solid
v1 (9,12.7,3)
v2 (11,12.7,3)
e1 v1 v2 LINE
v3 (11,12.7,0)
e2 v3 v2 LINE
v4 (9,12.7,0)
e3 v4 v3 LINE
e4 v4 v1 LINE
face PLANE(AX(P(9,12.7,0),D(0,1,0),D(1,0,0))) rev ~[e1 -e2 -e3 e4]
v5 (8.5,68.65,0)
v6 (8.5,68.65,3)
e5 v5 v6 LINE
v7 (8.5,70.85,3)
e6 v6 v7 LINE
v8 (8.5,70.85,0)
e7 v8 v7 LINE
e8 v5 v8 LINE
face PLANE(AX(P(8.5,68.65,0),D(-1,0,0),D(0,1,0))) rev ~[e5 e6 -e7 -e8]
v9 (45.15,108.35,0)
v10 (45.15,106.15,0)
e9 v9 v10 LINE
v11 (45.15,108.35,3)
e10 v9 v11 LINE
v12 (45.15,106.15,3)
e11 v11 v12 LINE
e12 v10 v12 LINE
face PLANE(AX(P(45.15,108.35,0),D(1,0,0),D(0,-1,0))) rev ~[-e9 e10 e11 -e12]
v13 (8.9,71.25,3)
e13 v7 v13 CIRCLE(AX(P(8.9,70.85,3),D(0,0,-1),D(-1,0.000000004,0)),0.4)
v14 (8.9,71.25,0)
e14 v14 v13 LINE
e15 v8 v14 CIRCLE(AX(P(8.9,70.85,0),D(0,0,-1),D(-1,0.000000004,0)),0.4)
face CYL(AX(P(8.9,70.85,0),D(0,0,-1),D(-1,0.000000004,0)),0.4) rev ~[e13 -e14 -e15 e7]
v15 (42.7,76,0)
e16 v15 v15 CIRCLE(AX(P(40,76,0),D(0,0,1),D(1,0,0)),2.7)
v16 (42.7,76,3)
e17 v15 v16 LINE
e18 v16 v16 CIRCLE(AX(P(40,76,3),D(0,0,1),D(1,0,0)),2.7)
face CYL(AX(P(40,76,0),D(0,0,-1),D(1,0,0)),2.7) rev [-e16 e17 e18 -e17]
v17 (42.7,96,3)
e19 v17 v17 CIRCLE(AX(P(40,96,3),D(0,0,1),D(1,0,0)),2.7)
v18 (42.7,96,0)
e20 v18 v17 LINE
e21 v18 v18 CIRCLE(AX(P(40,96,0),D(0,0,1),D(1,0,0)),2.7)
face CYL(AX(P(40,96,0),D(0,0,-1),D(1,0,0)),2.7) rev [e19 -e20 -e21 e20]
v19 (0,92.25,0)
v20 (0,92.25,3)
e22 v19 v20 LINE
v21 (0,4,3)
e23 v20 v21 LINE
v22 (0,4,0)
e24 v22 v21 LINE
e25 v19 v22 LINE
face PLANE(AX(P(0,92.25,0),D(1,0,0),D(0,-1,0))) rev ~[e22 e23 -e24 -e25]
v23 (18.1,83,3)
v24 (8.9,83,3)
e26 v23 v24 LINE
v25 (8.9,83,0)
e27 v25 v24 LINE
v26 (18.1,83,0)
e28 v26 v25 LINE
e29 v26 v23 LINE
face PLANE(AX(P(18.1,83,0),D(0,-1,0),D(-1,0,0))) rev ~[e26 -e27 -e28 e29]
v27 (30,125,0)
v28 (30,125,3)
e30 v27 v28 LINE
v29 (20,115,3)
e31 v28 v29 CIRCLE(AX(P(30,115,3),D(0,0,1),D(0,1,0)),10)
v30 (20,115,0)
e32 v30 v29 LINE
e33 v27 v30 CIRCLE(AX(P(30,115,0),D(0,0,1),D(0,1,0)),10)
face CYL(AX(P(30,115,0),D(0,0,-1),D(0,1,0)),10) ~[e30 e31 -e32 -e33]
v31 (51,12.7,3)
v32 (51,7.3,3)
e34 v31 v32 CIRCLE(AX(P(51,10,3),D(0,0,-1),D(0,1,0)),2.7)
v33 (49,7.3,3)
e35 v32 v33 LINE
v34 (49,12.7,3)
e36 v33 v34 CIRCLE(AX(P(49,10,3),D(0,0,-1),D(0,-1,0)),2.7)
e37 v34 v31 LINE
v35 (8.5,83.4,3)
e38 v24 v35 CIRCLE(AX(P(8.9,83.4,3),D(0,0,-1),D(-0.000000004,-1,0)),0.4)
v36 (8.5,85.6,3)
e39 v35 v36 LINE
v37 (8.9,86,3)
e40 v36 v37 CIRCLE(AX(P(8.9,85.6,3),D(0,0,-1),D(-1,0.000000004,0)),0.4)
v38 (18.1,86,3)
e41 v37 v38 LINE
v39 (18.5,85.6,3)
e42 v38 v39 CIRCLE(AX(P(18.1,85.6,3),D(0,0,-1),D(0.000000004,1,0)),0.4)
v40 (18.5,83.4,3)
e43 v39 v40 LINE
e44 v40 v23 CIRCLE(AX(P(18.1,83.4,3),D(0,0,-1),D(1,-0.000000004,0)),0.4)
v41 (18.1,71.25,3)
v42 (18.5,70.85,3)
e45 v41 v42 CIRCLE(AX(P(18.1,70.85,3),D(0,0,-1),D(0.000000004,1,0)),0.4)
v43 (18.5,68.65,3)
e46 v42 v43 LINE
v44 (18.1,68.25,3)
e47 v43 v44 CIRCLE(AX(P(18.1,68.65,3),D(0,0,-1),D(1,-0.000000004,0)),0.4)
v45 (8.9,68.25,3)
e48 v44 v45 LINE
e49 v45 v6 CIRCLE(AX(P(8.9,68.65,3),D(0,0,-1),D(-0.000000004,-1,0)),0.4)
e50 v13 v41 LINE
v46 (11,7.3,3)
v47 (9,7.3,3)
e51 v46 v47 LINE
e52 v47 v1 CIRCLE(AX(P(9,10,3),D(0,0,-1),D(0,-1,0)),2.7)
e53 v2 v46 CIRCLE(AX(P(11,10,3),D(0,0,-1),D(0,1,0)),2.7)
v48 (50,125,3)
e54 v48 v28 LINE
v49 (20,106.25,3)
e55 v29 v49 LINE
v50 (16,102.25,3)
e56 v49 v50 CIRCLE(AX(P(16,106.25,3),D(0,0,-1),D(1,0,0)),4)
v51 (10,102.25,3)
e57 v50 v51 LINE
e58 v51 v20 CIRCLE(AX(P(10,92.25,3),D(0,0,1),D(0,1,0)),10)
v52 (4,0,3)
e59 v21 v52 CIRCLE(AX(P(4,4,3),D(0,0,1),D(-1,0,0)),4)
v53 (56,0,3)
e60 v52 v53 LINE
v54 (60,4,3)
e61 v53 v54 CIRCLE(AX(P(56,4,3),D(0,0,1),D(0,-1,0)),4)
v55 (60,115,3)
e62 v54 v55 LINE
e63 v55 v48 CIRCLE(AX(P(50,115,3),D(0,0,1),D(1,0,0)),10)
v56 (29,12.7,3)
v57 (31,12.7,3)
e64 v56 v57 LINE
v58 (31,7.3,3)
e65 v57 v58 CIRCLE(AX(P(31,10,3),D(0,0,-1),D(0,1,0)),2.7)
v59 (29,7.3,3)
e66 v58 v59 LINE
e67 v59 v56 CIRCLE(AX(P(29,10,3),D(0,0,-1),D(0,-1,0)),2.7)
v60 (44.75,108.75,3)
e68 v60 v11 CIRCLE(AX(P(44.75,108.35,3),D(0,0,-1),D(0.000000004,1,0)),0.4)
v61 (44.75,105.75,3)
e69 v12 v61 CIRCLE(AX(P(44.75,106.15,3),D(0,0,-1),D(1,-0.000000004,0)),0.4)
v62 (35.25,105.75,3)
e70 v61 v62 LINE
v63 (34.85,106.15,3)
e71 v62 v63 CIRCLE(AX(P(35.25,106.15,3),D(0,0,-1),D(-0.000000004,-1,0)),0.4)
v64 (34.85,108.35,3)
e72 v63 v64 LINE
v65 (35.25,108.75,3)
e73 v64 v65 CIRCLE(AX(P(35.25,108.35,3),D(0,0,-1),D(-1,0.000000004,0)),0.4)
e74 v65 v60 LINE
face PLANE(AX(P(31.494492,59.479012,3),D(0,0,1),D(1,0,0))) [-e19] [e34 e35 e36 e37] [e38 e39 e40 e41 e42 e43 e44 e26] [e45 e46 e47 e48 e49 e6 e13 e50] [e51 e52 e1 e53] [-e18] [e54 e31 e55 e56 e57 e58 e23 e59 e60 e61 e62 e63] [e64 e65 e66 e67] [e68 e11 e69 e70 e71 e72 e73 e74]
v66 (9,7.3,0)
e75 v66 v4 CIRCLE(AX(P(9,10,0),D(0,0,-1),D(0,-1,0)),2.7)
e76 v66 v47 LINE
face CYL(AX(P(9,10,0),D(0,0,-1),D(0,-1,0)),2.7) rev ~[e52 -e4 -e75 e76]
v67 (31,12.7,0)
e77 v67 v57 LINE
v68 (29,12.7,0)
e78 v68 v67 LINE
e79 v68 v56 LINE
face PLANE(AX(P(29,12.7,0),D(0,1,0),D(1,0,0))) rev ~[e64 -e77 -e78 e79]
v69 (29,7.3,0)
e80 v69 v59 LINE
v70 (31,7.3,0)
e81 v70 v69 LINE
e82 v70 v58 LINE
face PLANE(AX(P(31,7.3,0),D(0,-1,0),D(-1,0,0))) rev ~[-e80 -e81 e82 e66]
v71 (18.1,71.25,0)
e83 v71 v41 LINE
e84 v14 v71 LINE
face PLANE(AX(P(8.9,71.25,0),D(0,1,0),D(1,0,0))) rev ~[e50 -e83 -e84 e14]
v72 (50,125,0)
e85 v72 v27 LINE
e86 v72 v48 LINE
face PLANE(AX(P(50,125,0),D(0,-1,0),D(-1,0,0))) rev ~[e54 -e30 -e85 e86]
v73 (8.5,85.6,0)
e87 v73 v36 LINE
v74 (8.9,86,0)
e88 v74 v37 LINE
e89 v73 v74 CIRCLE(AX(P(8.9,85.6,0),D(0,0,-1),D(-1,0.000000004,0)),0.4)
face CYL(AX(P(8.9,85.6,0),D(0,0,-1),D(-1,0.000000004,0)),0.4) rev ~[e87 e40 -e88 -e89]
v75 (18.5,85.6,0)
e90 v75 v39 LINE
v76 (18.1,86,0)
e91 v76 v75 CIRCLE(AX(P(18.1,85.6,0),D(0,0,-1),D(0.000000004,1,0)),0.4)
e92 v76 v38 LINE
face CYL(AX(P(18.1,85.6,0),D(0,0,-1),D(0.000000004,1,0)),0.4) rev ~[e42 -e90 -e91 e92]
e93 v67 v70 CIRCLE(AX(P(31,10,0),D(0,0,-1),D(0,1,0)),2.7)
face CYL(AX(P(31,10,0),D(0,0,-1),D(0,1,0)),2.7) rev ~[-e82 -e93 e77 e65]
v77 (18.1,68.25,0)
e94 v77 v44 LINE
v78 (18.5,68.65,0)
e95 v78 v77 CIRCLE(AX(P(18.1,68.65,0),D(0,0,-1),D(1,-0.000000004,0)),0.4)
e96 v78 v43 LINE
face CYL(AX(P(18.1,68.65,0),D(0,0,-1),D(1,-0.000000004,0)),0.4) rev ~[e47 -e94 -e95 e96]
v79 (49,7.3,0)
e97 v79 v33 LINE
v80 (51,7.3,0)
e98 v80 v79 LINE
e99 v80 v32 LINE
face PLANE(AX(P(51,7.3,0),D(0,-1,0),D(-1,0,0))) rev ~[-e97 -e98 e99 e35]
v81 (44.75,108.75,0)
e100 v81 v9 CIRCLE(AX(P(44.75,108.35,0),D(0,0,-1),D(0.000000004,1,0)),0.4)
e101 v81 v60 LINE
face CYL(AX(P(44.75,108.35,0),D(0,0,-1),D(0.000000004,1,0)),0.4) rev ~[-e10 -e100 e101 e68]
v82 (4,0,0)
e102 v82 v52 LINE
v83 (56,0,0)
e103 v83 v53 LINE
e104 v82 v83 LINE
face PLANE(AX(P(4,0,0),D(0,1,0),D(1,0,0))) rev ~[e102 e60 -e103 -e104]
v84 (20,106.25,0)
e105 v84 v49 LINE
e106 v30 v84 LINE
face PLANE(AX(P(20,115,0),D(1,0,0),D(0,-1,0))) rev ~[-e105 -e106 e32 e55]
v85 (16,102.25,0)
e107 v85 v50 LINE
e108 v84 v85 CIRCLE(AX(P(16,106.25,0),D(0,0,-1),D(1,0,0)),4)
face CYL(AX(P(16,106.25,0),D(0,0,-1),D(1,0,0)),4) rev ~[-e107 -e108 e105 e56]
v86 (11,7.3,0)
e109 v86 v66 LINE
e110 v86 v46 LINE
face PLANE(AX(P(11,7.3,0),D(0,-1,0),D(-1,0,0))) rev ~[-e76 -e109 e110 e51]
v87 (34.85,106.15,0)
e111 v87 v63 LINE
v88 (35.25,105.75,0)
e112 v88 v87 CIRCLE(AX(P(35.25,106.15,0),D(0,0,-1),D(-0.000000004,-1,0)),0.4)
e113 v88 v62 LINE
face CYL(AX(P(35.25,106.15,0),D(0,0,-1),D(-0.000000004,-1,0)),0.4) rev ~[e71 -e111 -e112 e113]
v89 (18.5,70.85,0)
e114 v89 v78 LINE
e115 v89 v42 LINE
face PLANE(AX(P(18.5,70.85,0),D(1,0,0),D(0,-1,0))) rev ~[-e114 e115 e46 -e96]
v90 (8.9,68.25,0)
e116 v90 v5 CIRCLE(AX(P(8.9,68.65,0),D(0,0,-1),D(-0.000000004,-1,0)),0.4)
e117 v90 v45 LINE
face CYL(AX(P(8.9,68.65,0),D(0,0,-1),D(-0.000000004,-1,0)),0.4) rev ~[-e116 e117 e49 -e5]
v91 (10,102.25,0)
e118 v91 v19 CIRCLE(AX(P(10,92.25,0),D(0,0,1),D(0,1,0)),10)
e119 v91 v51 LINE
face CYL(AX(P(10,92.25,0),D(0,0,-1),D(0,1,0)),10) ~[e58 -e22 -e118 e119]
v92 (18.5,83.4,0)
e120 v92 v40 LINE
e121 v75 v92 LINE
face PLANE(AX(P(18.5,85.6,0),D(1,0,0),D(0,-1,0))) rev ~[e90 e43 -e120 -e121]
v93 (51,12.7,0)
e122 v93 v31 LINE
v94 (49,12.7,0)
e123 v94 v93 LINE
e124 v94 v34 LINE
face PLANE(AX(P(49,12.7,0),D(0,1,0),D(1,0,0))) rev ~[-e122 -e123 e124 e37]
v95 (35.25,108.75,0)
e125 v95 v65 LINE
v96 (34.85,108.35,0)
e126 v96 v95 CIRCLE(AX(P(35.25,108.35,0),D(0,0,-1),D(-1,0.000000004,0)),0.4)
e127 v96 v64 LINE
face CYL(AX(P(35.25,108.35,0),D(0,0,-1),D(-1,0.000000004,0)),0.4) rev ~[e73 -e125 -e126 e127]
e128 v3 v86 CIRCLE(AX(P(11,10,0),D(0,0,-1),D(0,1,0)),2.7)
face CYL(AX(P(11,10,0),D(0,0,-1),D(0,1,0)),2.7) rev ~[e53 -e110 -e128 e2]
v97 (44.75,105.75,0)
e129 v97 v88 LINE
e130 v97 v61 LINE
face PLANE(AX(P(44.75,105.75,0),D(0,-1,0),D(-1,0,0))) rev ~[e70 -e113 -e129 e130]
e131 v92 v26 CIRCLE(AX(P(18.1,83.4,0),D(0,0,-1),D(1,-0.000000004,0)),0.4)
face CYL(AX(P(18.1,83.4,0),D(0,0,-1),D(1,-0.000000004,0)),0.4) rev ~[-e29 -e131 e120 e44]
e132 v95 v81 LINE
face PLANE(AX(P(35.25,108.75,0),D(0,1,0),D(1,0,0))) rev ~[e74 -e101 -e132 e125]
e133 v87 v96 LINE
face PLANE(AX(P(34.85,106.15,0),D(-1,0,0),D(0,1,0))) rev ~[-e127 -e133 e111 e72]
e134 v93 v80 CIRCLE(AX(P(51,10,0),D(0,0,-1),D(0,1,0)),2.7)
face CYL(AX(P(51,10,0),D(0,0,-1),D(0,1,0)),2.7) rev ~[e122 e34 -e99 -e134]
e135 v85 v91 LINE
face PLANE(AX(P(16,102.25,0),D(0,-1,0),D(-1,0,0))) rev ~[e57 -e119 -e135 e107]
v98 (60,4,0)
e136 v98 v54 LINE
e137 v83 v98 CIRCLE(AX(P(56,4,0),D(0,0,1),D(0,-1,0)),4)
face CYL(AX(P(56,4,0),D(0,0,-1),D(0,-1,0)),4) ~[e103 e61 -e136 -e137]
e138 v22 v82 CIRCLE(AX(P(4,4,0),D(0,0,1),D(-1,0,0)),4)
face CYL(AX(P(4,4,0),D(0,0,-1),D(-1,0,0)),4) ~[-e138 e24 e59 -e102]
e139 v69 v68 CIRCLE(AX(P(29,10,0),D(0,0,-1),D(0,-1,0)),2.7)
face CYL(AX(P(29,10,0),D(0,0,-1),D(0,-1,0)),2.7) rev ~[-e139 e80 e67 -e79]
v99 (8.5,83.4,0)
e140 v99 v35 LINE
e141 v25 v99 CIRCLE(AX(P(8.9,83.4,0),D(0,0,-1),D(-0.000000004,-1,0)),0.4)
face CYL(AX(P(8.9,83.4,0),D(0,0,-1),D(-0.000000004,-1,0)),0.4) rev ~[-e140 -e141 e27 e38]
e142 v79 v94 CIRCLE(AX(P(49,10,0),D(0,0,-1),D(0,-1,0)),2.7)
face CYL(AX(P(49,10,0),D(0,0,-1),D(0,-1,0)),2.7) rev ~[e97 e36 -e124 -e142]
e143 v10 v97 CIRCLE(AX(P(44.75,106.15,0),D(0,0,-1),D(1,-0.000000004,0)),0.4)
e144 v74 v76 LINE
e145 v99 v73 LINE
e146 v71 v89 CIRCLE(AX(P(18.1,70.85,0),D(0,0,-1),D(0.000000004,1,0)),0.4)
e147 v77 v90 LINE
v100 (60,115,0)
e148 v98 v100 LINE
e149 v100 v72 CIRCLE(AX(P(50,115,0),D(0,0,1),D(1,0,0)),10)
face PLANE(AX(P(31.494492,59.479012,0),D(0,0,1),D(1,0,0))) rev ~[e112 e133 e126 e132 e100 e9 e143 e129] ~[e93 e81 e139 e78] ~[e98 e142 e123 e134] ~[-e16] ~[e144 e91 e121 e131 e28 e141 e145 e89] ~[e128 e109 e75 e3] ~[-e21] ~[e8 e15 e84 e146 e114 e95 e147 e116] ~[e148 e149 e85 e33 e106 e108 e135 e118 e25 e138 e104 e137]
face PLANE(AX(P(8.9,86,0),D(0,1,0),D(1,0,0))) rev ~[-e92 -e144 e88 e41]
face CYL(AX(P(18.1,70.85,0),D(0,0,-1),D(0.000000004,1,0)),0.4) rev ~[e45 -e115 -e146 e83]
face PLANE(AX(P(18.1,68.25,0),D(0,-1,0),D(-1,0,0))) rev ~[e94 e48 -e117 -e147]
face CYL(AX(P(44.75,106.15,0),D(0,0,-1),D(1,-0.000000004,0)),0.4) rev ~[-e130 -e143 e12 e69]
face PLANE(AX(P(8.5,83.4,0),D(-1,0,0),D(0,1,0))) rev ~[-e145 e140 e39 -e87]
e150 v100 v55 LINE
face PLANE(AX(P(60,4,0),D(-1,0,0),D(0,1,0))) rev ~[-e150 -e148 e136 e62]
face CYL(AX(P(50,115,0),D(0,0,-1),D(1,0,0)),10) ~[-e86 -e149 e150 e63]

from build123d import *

# Parameters (mm, degrees)
MODEL_R                         = 2.7
AUFSATZ_LINEAR_AUSTRAGEN1_DEPTH = 3


with BuildPart() as part:
    # Model → Aufsatz-Linear austragen1 (new body)
    with BuildSketch(Plane.XY):
        with BuildLine():
            Line((16, 102.25), (10, 102.25))
            ThreePointArc((10, 102.25), (2.928932188, 99.321067812), (0, 92.25))
            Line((0, 92.25), (0, 4))
            ThreePointArc((0, 4), (1.171572875, 1.171572875), (4, 0))
            Line((4, 0), (56, 0))
            ThreePointArc((56, 0), (58.828427125, 1.171572875), (60, 4))
            Line((60, 4), (60, 115))
            ThreePointArc((60, 115), (57.071067812, 122.071067812), (50, 125))
            Line((50, 125), (30, 125))
            ThreePointArc((30, 125), (22.928932188, 122.071067812), (20, 115))
            Line((20, 115), (20, 106.25))
            ThreePointArc((20, 106.25), (18.828427125, 103.421572875), (16, 102.25))
        make_face()
        with Locations((40, 76)):
            Circle(MODEL_R, mode=Mode.SUBTRACT)
        with Locations((40, 96)):
            Circle(MODEL_R, mode=Mode.SUBTRACT)
        with BuildLine():
            Line((11, 7.3), (9, 7.3))
            ThreePointArc((9, 7.3), (6.3, 10), (9, 12.7))
            Line((9, 12.7), (11, 12.7))
            ThreePointArc((11, 12.7), (13.7, 10), (11, 7.3))
        make_face(mode=Mode.SUBTRACT)
        with BuildLine():
            Line((31, 7.3), (29, 7.3))
            ThreePointArc((29, 7.3), (26.3, 10), (29, 12.7))
            Line((29, 12.7), (31, 12.7))
            ThreePointArc((31, 12.7), (33.7, 10), (31, 7.3))
        make_face(mode=Mode.SUBTRACT)
        with BuildLine():
            Line((51, 7.3), (49, 7.3))
            ThreePointArc((49, 7.3), (46.3, 10), (49, 12.7))
            Line((49, 12.7), (51, 12.7))
            ThreePointArc((51, 12.7), (53.7, 10), (51, 7.3))
        make_face(mode=Mode.SUBTRACT)
        with BuildLine():
            Line((18.1, 83), (8.9, 83))
            ThreePointArc((8.9, 83), (8.617157288, 83.117157288), (8.5, 83.4))
            Line((8.5, 83.4), (8.5, 85.6))
            ThreePointArc((8.5, 85.6), (8.617157288, 85.882842712), (8.9, 86))
            Line((8.9, 86), (18.1, 86))
            ThreePointArc((18.1, 86), (18.382842712, 85.882842712), (18.5, 85.6))
            Line((18.5, 85.6), (18.5, 83.4))
            ThreePointArc((18.5, 83.4), (18.382842712, 83.117157288), (18.1, 83))
        make_face(mode=Mode.SUBTRACT)
        with BuildLine():
            Line((18.1, 68.25), (8.9, 68.25))
            ThreePointArc((8.9, 68.25), (8.617157288, 68.367157288), (8.5, 68.65))
            Line((8.5, 68.65), (8.5, 70.85))
            ThreePointArc((8.5, 70.85), (8.617157288, 71.132842712), (8.9, 71.25))
            Line((8.9, 71.25), (18.1, 71.25))
            ThreePointArc((18.1, 71.25), (18.382842712, 71.132842712), (18.5, 70.85))
            Line((18.5, 70.85), (18.5, 68.65))
            ThreePointArc((18.5, 68.65), (18.382842712, 68.367157288), (18.1, 68.25))
        make_face(mode=Mode.SUBTRACT)
        with BuildLine():
            Line((44.75, 105.75), (35.25, 105.75))
            ThreePointArc((35.25, 105.75), (34.967157288, 105.867157288), (34.85, 106.15))
            Line((34.85, 106.15), (34.85, 108.35))
            ThreePointArc((34.85, 108.35), (34.967157288, 108.632842712), (35.25, 108.75))
            Line((35.25, 108.75), (44.75, 108.75))
            ThreePointArc((44.75, 108.75), (45.032842712, 108.632842712), (45.15, 108.35))
            Line((45.15, 108.35), (45.15, 106.15))
            ThreePointArc((45.15, 106.15), (45.032842712, 105.867157288), (44.75, 105.75))
        make_face(mode=Mode.SUBTRACT)
    extrude(amount=AUFSATZ_LINEAR_AUSTRAGEN1_DEPTH)


solid = part.part
